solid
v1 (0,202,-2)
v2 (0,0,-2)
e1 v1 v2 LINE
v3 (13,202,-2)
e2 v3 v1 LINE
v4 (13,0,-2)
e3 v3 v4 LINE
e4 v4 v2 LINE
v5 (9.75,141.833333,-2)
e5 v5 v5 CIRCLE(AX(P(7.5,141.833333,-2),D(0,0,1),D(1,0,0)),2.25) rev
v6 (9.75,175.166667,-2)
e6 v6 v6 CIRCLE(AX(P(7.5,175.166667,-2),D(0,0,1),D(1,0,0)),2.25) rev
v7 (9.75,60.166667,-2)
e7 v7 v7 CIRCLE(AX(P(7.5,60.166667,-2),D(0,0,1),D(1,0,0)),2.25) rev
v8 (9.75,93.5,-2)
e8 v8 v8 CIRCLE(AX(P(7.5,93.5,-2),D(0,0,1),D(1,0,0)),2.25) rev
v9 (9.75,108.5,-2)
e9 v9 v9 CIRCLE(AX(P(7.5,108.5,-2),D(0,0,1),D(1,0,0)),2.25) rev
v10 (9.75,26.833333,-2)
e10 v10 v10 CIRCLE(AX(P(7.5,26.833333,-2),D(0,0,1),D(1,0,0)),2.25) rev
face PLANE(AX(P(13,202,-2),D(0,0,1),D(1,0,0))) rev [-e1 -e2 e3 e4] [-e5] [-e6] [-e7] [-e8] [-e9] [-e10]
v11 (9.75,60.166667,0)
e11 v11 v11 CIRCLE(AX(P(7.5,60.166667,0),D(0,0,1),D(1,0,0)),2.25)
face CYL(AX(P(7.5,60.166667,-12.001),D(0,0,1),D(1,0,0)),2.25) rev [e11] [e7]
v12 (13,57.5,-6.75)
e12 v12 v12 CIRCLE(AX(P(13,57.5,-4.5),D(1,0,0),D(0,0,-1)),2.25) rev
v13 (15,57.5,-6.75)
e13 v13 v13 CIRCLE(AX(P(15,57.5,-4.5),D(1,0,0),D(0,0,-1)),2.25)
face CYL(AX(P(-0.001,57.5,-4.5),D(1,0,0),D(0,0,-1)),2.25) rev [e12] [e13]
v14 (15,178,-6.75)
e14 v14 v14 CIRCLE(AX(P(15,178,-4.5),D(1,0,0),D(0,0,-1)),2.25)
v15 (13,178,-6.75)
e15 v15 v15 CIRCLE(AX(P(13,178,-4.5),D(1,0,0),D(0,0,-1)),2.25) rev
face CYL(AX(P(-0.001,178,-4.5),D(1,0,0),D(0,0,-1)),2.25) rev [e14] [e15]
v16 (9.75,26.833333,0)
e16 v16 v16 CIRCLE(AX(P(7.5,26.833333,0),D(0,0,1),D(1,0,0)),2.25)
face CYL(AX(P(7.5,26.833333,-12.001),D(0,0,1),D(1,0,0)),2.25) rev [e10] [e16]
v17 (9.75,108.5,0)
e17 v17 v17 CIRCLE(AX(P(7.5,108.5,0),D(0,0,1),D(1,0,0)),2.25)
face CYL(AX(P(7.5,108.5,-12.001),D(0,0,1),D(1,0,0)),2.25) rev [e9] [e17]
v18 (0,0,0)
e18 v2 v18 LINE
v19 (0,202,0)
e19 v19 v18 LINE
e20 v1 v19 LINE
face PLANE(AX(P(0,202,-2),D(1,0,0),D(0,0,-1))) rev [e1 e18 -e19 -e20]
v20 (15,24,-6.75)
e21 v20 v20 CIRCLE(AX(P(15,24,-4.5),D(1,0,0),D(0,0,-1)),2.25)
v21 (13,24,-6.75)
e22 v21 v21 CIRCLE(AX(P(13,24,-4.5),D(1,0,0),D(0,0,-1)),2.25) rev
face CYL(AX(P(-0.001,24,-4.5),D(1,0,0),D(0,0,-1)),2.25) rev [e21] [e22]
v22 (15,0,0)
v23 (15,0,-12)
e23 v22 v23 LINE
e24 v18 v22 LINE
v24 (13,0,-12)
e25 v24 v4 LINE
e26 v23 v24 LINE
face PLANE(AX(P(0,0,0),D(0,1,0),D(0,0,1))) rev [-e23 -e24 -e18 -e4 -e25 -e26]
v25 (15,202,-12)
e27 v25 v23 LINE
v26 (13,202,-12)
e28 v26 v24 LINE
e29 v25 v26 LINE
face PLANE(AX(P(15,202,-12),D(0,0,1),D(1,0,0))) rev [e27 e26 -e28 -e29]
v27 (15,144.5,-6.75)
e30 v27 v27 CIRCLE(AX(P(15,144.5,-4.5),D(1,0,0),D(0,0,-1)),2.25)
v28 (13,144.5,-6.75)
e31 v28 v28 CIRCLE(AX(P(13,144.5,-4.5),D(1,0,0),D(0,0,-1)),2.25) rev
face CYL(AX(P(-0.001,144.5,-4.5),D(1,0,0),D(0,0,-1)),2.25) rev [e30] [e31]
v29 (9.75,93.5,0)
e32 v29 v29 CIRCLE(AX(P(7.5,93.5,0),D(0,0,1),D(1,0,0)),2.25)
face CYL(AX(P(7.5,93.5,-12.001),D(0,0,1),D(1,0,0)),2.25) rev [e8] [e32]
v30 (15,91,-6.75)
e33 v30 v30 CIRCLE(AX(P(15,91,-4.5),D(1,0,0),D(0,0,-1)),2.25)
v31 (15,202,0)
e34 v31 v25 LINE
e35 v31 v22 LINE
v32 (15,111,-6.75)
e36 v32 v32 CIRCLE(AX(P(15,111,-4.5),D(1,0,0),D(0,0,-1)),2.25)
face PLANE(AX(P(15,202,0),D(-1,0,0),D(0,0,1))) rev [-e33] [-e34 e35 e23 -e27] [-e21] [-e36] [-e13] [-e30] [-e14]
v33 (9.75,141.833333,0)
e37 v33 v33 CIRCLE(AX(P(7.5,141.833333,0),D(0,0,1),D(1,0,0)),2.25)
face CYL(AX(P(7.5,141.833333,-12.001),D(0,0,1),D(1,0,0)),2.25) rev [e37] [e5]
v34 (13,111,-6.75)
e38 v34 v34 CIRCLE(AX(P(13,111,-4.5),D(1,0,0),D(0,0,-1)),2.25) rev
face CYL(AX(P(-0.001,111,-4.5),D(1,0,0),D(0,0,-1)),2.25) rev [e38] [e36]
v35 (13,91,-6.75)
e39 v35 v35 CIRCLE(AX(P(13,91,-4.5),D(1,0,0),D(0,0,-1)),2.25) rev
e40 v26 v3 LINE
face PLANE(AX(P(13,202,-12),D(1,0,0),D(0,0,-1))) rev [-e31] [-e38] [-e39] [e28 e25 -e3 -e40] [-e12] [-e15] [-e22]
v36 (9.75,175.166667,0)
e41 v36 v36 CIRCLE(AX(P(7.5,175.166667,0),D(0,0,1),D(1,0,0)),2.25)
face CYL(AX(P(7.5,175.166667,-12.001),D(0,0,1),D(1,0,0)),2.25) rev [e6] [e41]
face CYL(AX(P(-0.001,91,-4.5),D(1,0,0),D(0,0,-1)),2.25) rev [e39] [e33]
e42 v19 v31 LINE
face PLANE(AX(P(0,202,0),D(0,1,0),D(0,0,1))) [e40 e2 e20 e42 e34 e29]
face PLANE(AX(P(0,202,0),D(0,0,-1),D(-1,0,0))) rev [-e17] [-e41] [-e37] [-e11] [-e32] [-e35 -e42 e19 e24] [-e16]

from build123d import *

# Parameters (mm, degrees)
BOSS_EXTRUDE1_DEPTH = 202
CUT_EXTRUDE1_REACH  = 14
SKETCH2_R           = 2.25
CUT_EXTRUDE2_REACH  = 17
SKETCH3_R           = 2.25


with BuildPart() as part:
    # Sketch1 → Boss-Extrude1 (new body)
    with BuildSketch(Plane(origin=(0, 0, 0), x_dir=(1, 0, 0), z_dir=(0, 1, 0))):
        Polygon((0, 0), (15, 0), (15, 12), (13, 12), (13, 2), (0, 2), align=None)
    extrude(amount=BOSS_EXTRUDE1_DEPTH)

    # Sketch2 → Cut-Extrude1 (cut, up to next)
    with BuildSketch(Plane.XY, mode=Mode.PRIVATE) as cut_extrude1_sk1:
        with Locations((7.5, 175.166666667)):
            Circle(SKETCH2_R)
    cut_extrude1_tool1 = extrude(cut_extrude1_sk1.sketch, amount=-CUT_EXTRUDE1_REACH, mode=Mode.PRIVATE) & part.part
    add(cut_extrude1_tool1.solids().sort_by_distance((7.5, 175.166667, 0))[0], mode=Mode.SUBTRACT)
    # Sketch2 → Cut-Extrude1 (cut, up to next)
    with BuildSketch(Plane.XY, mode=Mode.PRIVATE) as cut_extrude1_sk2:
        with Locations((7.5, 141.833333333)):
            Circle(SKETCH2_R)
    cut_extrude1_tool2 = extrude(cut_extrude1_sk2.sketch, amount=-CUT_EXTRUDE1_REACH, mode=Mode.PRIVATE) & part.part
    add(cut_extrude1_tool2.solids().sort_by_distance((7.5, 141.833333, 0))[0], mode=Mode.SUBTRACT)
    # Sketch2 → Cut-Extrude1 (cut, up to next)
    with BuildSketch(Plane.XY, mode=Mode.PRIVATE) as cut_extrude1_sk3:
        with Locations((7.5, 108.5)):
            Circle(SKETCH2_R)
    cut_extrude1_tool3 = extrude(cut_extrude1_sk3.sketch, amount=-CUT_EXTRUDE1_REACH, mode=Mode.PRIVATE) & part.part
    add(cut_extrude1_tool3.solids().sort_by_distance((7.5, 108.5, 0))[0], mode=Mode.SUBTRACT)
    # Sketch2 → Cut-Extrude1 (cut, up to next)
    with BuildSketch(Plane.XY, mode=Mode.PRIVATE) as cut_extrude1_sk4:
        with Locations((7.5, 93.5)):
            Circle(SKETCH2_R)
    cut_extrude1_tool4 = extrude(cut_extrude1_sk4.sketch, amount=-CUT_EXTRUDE1_REACH, mode=Mode.PRIVATE) & part.part
    add(cut_extrude1_tool4.solids().sort_by_distance((7.5, 93.5, 0))[0], mode=Mode.SUBTRACT)
    # Sketch2 → Cut-Extrude1 (cut, up to next)
    with BuildSketch(Plane.XY, mode=Mode.PRIVATE) as cut_extrude1_sk5:
        with Locations((7.5, 60.166666667)):
            Circle(SKETCH2_R)
    cut_extrude1_tool5 = extrude(cut_extrude1_sk5.sketch, amount=-CUT_EXTRUDE1_REACH, mode=Mode.PRIVATE) & part.part
    add(cut_extrude1_tool5.solids().sort_by_distance((7.5, 60.166667, 0))[0], mode=Mode.SUBTRACT)
    # Sketch2 → Cut-Extrude1 (cut, up to next)
    with BuildSketch(Plane.XY, mode=Mode.PRIVATE) as cut_extrude1_sk6:
        with Locations((7.5, 26.833333333)):
            Circle(SKETCH2_R)
    cut_extrude1_tool6 = extrude(cut_extrude1_sk6.sketch, amount=-CUT_EXTRUDE1_REACH, mode=Mode.PRIVATE) & part.part
    add(cut_extrude1_tool6.solids().sort_by_distance((7.5, 26.833333, 0))[0], mode=Mode.SUBTRACT)

    # Sketch3 → Cut-Extrude2 (cut, up to next)
    with BuildSketch(Plane(origin=(15, 0, 0), x_dir=(0, 0, -1), z_dir=(1, 0, 0)), mode=Mode.PRIVATE) as cut_extrude2_sk1:
        with Locations((4.5, 24)):
            Circle(SKETCH3_R)
    cut_extrude2_tool1 = extrude(cut_extrude2_sk1.sketch, amount=-CUT_EXTRUDE2_REACH, mode=Mode.PRIVATE) & part.part
    add(cut_extrude2_tool1.solids().sort_by_distance((15, 24, -4.5))[0], mode=Mode.SUBTRACT)
    # Sketch3 → Cut-Extrude2 (cut, up to next)
    with BuildSketch(Plane(origin=(15, 0, 0), x_dir=(0, 0, -1), z_dir=(1, 0, 0)), mode=Mode.PRIVATE) as cut_extrude2_sk2:
        with Locations((4.5, 57.5)):
            Circle(SKETCH3_R)
    cut_extrude2_tool2 = extrude(cut_extrude2_sk2.sketch, amount=-CUT_EXTRUDE2_REACH, mode=Mode.PRIVATE) & part.part
    add(cut_extrude2_tool2.solids().sort_by_distance((15, 57.5, -4.5))[0], mode=Mode.SUBTRACT)
    # Sketch3 → Cut-Extrude2 (cut, up to next)
    with BuildSketch(Plane(origin=(15, 0, 0), x_dir=(0, 0, -1), z_dir=(1, 0, 0)), mode=Mode.PRIVATE) as cut_extrude2_sk3:
        with Locations((4.5, 91)):
            Circle(SKETCH3_R)
    cut_extrude2_tool3 = extrude(cut_extrude2_sk3.sketch, amount=-CUT_EXTRUDE2_REACH, mode=Mode.PRIVATE) & part.part
    add(cut_extrude2_tool3.solids().sort_by_distance((15, 91, -4.5))[0], mode=Mode.SUBTRACT)
    # Sketch3 → Cut-Extrude2 (cut, up to next)
    with BuildSketch(Plane(origin=(15, 0, 0), x_dir=(0, 0, -1), z_dir=(1, 0, 0)), mode=Mode.PRIVATE) as cut_extrude2_sk4:
        with Locations((4.5, 111)):
            Circle(SKETCH3_R)
    cut_extrude2_tool4 = extrude(cut_extrude2_sk4.sketch, amount=-CUT_EXTRUDE2_REACH, mode=Mode.PRIVATE) & part.part
    add(cut_extrude2_tool4.solids().sort_by_distance((15, 111, -4.5))[0], mode=Mode.SUBTRACT)
    # Sketch3 → Cut-Extrude2 (cut, up to next)
    with BuildSketch(Plane(origin=(15, 0, 0), x_dir=(0, 0, -1), z_dir=(1, 0, 0)), mode=Mode.PRIVATE) as cut_extrude2_sk5:
        with Locations((4.5, 144.5)):
            Circle(SKETCH3_R)
    cut_extrude2_tool5 = extrude(cut_extrude2_sk5.sketch, amount=-CUT_EXTRUDE2_REACH, mode=Mode.PRIVATE) & part.part
    add(cut_extrude2_tool5.solids().sort_by_distance((15, 144.5, -4.5))[0], mode=Mode.SUBTRACT)
    # Sketch3 → Cut-Extrude2 (cut, up to next)
    with BuildSketch(Plane(origin=(15, 0, 0), x_dir=(0, 0, -1), z_dir=(1, 0, 0)), mode=Mode.PRIVATE) as cut_extrude2_sk6:
        with Locations((4.5, 178)):
            Circle(SKETCH3_R)
    cut_extrude2_tool6 = extrude(cut_extrude2_sk6.sketch, amount=-CUT_EXTRUDE2_REACH, mode=Mode.PRIVATE) & part.part
    add(cut_extrude2_tool6.solids().sort_by_distance((15, 178, -4.5))[0], mode=Mode.SUBTRACT)


solid = part.part
